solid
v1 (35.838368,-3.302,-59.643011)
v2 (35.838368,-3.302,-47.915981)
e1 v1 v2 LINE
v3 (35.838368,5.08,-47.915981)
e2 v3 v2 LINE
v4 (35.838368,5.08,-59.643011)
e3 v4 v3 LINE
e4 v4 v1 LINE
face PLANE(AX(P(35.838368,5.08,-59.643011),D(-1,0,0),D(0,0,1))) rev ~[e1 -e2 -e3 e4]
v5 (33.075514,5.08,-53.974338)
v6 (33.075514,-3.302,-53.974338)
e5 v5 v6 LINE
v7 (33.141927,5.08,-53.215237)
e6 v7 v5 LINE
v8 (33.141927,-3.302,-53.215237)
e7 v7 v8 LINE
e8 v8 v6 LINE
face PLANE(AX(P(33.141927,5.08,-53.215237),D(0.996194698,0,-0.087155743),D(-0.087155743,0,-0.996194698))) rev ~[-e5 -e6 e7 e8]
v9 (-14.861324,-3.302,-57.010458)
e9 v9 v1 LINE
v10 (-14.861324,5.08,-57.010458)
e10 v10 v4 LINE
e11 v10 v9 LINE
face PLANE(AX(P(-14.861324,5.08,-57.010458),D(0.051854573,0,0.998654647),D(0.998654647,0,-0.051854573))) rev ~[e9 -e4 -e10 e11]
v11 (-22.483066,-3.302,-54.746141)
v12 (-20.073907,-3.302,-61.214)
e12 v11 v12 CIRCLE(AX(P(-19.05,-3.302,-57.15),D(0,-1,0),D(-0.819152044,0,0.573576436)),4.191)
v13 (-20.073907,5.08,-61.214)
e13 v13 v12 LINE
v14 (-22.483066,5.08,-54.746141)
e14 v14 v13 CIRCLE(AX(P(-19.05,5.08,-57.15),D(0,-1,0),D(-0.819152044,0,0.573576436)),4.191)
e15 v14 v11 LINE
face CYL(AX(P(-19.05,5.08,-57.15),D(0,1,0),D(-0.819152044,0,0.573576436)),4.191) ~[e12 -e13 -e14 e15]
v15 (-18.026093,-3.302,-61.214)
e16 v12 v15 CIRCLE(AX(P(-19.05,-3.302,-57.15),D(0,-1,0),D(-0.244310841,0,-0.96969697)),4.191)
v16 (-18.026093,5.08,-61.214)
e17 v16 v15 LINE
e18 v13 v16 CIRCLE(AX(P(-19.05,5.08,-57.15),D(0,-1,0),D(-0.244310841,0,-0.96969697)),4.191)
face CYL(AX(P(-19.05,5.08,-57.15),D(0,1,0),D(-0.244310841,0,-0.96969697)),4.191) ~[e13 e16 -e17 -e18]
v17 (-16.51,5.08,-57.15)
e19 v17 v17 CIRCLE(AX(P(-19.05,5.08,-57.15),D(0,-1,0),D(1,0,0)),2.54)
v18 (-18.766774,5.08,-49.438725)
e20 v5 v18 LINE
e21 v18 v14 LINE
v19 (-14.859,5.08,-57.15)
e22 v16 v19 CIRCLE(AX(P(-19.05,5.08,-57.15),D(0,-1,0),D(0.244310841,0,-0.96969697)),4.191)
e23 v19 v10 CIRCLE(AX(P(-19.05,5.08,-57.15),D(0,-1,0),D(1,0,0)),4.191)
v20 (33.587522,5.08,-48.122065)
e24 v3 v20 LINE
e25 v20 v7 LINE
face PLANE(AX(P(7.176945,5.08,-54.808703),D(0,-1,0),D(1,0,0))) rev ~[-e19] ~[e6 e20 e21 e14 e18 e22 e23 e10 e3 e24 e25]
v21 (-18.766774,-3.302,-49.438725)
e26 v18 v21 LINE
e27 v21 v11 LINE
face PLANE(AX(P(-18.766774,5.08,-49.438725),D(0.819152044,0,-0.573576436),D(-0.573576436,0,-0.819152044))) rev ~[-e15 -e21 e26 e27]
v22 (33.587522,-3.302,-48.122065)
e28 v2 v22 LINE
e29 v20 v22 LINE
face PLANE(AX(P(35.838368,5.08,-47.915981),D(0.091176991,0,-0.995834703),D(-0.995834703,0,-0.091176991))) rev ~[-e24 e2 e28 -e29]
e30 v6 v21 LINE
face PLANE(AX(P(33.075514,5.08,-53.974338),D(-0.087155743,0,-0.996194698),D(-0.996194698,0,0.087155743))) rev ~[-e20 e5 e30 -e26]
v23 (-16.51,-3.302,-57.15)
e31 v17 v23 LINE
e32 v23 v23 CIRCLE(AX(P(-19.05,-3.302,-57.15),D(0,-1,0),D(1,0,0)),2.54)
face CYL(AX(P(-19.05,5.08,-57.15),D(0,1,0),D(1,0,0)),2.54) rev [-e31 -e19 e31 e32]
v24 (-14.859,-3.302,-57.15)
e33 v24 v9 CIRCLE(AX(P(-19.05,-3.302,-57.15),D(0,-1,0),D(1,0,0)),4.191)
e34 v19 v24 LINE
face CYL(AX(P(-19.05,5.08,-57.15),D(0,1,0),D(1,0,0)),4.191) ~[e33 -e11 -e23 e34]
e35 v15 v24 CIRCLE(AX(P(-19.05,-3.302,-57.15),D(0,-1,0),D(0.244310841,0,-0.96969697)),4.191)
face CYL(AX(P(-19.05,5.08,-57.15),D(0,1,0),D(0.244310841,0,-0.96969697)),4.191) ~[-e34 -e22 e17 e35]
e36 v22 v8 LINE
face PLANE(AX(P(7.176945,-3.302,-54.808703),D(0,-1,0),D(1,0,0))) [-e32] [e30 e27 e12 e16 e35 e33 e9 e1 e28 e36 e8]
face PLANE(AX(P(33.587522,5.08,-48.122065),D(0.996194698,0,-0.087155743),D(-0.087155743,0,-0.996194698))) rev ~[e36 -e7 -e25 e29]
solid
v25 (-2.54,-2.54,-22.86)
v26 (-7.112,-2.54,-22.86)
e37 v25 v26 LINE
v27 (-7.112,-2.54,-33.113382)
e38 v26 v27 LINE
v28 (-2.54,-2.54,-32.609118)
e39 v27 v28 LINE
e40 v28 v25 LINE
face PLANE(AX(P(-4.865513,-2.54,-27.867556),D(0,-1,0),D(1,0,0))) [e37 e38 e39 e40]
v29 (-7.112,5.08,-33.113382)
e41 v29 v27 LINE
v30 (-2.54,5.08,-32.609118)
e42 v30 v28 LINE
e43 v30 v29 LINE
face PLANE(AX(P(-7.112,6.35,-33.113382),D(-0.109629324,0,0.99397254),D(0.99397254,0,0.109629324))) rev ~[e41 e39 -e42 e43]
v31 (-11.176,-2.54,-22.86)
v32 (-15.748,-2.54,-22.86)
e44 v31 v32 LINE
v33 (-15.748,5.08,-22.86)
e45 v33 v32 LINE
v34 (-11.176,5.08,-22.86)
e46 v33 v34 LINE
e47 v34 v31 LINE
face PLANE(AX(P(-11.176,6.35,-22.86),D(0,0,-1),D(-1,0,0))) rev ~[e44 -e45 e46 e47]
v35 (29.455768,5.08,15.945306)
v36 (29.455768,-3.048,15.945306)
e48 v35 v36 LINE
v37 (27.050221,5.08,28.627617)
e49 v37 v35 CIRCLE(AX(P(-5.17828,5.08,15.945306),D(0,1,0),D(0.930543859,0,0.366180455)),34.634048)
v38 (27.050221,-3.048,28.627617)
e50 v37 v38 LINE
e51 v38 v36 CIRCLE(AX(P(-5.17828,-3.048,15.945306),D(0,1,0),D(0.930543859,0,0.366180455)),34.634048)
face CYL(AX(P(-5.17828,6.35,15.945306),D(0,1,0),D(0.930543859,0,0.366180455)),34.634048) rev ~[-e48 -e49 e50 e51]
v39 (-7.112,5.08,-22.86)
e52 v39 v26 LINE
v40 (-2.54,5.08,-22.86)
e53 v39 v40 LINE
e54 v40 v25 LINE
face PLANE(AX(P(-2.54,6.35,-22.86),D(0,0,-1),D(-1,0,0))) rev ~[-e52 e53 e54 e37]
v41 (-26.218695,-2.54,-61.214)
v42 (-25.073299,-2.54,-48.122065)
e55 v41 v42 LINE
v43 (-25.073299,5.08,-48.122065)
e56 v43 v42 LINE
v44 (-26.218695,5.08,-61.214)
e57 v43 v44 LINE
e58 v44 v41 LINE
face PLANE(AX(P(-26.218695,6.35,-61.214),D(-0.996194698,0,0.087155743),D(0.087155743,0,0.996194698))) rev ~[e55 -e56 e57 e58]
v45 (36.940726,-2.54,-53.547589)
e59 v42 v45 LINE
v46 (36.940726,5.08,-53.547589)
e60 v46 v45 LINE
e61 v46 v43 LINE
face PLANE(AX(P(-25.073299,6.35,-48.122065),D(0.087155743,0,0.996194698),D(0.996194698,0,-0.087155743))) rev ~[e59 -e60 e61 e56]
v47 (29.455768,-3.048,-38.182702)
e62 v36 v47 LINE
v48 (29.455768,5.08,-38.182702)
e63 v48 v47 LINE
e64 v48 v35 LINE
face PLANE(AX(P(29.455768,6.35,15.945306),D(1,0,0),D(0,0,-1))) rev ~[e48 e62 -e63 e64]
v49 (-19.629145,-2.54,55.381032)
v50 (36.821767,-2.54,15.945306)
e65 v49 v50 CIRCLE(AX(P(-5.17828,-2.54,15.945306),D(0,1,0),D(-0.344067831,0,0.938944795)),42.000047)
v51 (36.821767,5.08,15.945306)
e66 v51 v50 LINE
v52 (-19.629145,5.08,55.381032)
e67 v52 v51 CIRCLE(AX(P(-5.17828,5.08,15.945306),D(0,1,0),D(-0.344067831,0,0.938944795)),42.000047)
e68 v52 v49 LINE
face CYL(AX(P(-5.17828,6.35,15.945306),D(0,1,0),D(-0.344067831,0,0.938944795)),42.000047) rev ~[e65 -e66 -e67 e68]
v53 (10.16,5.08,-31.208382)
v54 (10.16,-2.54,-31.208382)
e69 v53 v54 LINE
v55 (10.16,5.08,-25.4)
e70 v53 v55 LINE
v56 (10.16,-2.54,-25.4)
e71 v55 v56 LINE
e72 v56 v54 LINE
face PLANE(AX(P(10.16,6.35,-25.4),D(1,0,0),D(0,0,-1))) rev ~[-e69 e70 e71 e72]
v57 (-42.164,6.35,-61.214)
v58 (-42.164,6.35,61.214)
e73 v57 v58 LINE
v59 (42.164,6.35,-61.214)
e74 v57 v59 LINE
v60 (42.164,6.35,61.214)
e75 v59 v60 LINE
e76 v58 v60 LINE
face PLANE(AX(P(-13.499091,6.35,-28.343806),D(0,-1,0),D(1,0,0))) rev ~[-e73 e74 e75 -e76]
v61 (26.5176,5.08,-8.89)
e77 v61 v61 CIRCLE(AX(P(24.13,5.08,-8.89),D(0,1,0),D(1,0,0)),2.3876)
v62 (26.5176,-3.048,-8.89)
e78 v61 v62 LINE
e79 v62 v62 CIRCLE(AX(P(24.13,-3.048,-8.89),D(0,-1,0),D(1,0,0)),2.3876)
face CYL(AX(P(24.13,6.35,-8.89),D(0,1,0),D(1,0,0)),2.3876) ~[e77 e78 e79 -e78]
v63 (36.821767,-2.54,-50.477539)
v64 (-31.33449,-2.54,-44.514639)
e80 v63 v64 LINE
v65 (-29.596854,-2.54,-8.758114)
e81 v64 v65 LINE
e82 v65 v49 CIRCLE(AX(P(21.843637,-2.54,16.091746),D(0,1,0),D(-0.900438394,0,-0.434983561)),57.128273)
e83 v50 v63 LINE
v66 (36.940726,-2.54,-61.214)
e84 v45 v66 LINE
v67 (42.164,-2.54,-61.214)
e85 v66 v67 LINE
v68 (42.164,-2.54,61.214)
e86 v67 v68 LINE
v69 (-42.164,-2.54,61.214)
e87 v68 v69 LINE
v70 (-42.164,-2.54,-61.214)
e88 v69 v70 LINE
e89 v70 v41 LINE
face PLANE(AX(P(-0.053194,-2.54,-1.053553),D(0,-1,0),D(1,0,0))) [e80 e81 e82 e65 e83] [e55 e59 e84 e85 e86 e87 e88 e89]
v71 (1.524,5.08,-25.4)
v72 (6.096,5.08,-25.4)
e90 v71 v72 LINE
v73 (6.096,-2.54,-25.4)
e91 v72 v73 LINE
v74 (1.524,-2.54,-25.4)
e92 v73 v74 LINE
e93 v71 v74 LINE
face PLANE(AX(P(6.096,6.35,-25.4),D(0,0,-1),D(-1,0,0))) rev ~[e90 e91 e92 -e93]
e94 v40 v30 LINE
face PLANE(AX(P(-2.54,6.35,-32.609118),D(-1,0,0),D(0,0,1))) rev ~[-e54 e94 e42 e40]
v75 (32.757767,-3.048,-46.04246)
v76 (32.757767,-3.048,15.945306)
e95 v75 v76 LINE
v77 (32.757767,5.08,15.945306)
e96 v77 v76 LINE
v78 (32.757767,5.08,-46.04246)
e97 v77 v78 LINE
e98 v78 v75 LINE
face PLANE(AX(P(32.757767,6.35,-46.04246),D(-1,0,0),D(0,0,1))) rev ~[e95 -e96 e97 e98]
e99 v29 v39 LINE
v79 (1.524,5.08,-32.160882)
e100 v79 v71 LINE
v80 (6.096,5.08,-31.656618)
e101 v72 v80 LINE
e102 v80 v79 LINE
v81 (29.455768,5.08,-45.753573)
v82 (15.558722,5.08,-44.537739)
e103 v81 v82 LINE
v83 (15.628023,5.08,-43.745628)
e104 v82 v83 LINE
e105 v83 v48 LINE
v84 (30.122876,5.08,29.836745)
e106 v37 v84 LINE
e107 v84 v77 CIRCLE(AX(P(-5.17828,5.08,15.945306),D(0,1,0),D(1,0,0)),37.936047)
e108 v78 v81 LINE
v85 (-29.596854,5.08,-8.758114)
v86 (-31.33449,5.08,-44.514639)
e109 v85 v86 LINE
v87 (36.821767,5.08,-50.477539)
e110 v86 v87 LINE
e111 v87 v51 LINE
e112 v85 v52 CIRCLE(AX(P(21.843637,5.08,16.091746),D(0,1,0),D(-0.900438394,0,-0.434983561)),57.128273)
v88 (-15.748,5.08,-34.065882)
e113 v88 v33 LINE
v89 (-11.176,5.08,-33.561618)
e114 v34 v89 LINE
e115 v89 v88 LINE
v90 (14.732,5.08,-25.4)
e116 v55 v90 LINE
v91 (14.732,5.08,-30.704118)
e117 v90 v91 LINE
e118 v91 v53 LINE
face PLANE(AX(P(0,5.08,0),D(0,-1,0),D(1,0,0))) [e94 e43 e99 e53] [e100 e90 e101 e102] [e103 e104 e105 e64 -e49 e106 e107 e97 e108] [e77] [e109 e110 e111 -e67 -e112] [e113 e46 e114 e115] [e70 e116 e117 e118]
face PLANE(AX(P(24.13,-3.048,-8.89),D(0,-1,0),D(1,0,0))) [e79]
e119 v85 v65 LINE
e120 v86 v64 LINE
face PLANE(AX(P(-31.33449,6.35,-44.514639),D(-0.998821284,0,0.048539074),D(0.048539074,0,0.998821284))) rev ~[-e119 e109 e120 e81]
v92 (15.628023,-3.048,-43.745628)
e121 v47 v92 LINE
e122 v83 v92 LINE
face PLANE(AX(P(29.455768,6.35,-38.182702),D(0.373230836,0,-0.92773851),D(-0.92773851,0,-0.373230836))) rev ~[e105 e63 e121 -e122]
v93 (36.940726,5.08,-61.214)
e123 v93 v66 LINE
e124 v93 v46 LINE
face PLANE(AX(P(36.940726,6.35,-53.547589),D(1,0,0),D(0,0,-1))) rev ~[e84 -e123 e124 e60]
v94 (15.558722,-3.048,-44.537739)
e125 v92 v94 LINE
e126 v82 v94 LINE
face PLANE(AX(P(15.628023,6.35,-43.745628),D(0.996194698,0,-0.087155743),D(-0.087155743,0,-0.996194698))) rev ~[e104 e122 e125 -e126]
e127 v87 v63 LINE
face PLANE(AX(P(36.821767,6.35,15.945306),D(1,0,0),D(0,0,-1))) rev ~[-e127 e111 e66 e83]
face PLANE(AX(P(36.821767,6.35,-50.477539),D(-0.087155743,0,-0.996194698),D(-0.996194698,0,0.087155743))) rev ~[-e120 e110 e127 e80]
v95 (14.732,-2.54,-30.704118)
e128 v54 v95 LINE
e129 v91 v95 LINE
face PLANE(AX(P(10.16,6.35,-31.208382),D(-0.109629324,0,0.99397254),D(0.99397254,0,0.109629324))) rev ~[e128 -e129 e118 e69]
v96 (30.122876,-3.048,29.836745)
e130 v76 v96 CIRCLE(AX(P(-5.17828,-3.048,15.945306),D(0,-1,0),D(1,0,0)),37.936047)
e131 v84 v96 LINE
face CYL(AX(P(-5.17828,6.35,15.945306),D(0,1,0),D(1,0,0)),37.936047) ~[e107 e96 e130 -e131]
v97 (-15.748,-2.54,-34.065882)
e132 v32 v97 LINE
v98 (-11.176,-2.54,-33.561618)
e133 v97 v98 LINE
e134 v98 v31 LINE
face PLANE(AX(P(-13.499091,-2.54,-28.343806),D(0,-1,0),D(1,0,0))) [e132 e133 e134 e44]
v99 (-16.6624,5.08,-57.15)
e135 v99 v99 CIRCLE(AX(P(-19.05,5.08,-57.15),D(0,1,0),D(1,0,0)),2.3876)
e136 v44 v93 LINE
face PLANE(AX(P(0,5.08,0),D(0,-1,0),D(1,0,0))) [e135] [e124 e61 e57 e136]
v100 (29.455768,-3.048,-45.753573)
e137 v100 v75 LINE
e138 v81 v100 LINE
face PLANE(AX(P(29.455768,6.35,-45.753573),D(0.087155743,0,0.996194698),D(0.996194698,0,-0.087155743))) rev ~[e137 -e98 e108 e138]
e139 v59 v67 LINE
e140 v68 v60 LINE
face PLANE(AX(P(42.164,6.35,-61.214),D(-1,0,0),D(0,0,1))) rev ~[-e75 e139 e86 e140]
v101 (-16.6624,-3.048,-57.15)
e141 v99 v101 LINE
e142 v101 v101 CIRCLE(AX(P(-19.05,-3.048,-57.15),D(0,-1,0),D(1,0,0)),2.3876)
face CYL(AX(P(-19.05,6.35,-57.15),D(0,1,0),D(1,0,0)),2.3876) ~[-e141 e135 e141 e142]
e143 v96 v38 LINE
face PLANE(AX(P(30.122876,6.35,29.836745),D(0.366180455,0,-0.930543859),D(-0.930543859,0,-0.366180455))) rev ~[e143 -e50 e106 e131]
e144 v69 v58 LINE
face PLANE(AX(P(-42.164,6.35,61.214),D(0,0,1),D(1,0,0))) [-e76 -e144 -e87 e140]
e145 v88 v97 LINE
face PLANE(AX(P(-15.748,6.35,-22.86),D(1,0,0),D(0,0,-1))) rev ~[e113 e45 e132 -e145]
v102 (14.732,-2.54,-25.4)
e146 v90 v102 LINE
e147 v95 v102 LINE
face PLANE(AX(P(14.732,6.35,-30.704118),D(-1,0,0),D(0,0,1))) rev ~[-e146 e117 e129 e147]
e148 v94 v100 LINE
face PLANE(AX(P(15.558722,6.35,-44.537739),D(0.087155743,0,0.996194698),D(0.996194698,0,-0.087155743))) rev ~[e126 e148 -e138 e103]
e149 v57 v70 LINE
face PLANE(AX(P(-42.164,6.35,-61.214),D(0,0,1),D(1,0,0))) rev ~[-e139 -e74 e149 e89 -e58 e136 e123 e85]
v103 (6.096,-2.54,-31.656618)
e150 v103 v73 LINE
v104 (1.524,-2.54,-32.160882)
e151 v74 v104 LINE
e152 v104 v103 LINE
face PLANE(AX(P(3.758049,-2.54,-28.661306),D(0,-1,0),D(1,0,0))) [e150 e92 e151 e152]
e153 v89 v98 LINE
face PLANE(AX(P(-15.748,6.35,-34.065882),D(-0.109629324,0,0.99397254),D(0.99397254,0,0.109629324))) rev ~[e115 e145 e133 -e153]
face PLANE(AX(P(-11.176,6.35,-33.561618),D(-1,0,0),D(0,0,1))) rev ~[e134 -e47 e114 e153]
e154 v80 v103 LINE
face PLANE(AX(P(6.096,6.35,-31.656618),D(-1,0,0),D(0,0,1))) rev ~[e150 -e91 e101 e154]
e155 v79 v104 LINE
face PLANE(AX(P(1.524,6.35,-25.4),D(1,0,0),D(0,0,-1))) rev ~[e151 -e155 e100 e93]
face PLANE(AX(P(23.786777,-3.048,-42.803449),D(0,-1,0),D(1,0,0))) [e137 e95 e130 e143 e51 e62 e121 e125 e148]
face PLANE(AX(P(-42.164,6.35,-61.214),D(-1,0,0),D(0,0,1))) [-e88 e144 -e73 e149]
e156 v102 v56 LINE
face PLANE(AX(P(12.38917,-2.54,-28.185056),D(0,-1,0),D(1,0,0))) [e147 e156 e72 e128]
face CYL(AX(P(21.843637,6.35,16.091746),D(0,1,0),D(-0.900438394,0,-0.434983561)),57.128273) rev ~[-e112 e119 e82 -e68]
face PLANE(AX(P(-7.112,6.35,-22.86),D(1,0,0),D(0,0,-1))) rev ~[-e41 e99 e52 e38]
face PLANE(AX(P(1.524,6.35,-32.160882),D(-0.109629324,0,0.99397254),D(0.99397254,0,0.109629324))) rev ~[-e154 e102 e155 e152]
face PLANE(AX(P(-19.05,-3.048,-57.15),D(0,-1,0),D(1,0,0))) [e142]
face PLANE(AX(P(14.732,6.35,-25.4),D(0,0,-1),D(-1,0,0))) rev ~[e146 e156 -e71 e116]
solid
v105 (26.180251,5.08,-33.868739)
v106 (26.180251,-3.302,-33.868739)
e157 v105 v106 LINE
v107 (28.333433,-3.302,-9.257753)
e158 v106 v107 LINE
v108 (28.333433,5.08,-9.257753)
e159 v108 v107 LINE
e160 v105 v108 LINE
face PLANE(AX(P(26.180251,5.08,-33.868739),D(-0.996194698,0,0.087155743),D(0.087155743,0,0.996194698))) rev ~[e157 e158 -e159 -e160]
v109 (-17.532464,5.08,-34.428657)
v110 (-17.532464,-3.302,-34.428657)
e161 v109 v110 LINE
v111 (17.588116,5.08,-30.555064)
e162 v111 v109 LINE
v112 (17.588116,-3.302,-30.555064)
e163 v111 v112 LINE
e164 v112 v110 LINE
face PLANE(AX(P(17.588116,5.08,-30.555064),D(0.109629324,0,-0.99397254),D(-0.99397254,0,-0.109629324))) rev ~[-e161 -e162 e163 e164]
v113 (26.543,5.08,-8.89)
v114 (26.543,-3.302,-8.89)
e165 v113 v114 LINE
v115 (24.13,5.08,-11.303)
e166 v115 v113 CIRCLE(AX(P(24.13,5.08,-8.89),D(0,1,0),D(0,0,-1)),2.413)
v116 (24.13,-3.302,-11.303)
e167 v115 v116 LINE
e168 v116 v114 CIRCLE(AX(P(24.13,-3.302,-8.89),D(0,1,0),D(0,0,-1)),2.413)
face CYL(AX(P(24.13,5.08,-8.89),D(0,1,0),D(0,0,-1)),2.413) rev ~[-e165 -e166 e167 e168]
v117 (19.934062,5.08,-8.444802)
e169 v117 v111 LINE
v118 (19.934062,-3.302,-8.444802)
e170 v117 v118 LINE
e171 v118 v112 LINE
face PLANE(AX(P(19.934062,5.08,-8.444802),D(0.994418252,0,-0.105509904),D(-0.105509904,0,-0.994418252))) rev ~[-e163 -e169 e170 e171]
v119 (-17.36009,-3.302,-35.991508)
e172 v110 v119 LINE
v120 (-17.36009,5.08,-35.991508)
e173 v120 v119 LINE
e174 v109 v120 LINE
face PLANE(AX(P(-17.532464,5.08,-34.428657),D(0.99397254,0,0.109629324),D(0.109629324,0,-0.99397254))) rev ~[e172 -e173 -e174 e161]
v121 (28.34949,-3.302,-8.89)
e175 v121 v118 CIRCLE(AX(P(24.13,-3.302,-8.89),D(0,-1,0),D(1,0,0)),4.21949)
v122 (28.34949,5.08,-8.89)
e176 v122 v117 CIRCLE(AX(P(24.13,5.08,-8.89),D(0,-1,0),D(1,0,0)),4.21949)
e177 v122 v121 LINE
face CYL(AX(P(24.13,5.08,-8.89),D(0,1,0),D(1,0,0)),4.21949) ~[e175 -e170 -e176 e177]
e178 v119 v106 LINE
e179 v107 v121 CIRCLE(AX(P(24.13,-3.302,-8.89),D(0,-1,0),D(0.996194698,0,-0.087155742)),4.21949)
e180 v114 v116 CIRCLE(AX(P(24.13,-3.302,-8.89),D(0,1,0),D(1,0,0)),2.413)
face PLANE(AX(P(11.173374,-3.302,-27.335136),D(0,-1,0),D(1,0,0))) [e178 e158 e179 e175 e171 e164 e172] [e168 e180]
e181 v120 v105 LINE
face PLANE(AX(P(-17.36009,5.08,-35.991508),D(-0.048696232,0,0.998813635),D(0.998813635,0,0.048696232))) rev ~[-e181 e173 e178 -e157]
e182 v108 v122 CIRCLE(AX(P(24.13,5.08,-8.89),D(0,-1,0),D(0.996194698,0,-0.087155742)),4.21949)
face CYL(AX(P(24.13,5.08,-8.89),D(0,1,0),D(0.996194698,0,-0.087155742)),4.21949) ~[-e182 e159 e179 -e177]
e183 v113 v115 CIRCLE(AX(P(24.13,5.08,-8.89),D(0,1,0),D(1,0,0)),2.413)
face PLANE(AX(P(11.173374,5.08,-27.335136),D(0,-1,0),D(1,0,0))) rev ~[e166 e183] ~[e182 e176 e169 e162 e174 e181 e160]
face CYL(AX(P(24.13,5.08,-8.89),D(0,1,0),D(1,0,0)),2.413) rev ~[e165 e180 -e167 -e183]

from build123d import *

# Parameters (mm, degrees)
F2_W      = 84.328
F2_H      = 122.428
F3_DEPTH  = 1.27
F5_DEPTH  = 8.89
F6_R      = 2.3876
F7_DEPTH  = 9.398
F9_DEPTH  = 8.89
F11_DEPTH = 8.382
F12_R     = 2.54
F13_DEPTH = 8.382


with BuildPart() as f3:
    # F2 (on offset) → F3 (new body)
    with BuildSketch(Plane.XZ.offset(-6.35)):
        Rectangle(F2_W, F2_H)
    extrude(amount=F3_DEPTH)

    # F4 (on offset) → F5 (join)
    with BuildSketch(Plane.XZ.offset(-6.35)):
        Polygon((42.164, -61.214), (42.164, 61.214), (-42.164, 61.214), (-42.164, -61.214), (-26.2186949899, -61.214), (-25.073299104, -48.1220651165), (36.9407255852, -53.5475892565), (36.9407255852, -61.214), align=None)
        with BuildLine():
            ThreePointArc((-19.6291451355, 55.3810316706), (18.8744427286, 50.3759680711), (36.8217671163, 15.9453060478))
            Line((36.8217671163, 15.9453060478), (36.8217671163, -50.4775388742))
            Line((36.8217671163, -50.4775388742), (-31.3344904241, -44.514638991))
            Line((-31.3344904241, -44.514638991), (-29.5968536021, -8.758113657))
            ThreePointArc((-29.5968536021, -8.758113657), (-34.6070188833, 24.864605255), (-19.6291451355, 55.3810316706))
        make_face(mode=Mode.SUBTRACT)
    extrude(amount=F5_DEPTH)

    # F6 (on offset) → F7 (join)
    with BuildSketch(Plane.XZ.offset(-6.35)):
        Polygon((15.5587220069, -44.5377389431), (29.4557679445, -45.7535729192), (29.4557679445, -38.1827019155), (15.6280227207, -43.745628159), align=None)
        with BuildLine():
            Line((32.7577671163, -46.0424604137), (32.7577671163, 15.9453060478))
            ThreePointArc((32.7577671163, 15.9453060478), (32.0932237014, 23.014866335), (30.1228756901, 29.8367450586))
            Line((30.1228756901, 29.8367450586), (27.0502206373, 28.6276174982))
            ThreePointArc((27.0502206373, 28.6276174982), (28.8490671877, 22.3995233042), (29.4557679445, 15.9453060478))
            Line((29.4557679445, 15.9453060478), (29.4557679445, -38.1827019155))
            Line((29.4557679445, -38.1827019155), (29.4557679445, -45.7535729192))
            Line((29.4557679445, -45.7535729192), (32.7577671163, -46.0424604137))
        make_face()
        with Locations((24.13, -8.89)):
            Circle(F6_R)
        with Locations((-19.05, -57.15)):
            Circle(F6_R)
    extrude(amount=F7_DEPTH)

    # F8 (on offset) → F9 (join)
    with BuildSketch(Plane.XZ.offset(-6.35)):
        Polygon((-15.748, -33.02), (-15.748, -34.0658823529), (-11.176, -33.5616176471), (-11.176, -22.86), (-15.748, -22.86), align=None)
        Polygon((-2.54, -22.86), (-7.112, -22.86), (-7.112, -33.1133823529), (-2.54, -32.6091176471), align=None)
        Polygon((6.096, -25.4), (1.524, -25.4), (1.524, -32.1608823529), (6.096, -31.6566176471), align=None)
        Polygon((10.16, -31.2083823529), (14.732000418, -30.704117601), (14.732000418, -25.4), (10.16, -25.4), align=None)
    extrude(amount=F9_DEPTH)


with BuildPart() as f11:
    # F10 (on face) → F11 (new body)
    with BuildSketch(Plane.XZ.offset(-5.08)):
        with BuildLine():
            ThreePointArc((28.3334333918, -9.2577527697), (26.9806460066, -12.0009342205), (24.13, -13.1094898245))
            ThreePointArc((24.13, -13.1094898245), (20.992915154, -11.7118421373), (19.9340623038, -8.444802035))
            Line((19.9340623038, -8.444802035), (17.5881162286, -30.5550638586))
            Line((17.5881162286, -30.5550638586), (-17.5324635623, -34.4286572179))
            Line((-17.5324635623, -34.4286572179), (-17.3600902965, -35.9915081612))
            Line((-17.3600902965, -35.9915081612), (26.1802510808, -33.8687392022))
            Line((26.1802510808, -33.8687392022), (28.3334333918, -9.2577527697))
        make_face()
        with BuildLine():
            ThreePointArc((19.9340623038, -8.444802035), (20.992915154, -11.7118421373), (24.13, -13.1094898245))
            ThreePointArc((24.13, -13.1094898245), (26.9806460066, -12.0009342205), (28.3334333918, -9.2577527697))
            ThreePointArc((28.3334333918, -9.2577527697), (28.3454738051, -9.0740515611), (28.3494898245, -8.89))
            ThreePointArc((28.3494898245, -8.89), (24.3529102571, -4.6764023215), (19.9340623038, -8.444802035))
        make_face()
        with BuildLine():
            ThreePointArc((24.13, -11.303), (22.423751337, -7.183751337), (26.543, -8.89))
            ThreePointArc((26.543, -8.89), (25.836248663, -10.596248663), (24.13, -11.303))
        make_face(mode=Mode.SUBTRACT)
    extrude(amount=F11_DEPTH)


with BuildPart() as f13:
    # F12 (on face) → F13 (new body)
    with BuildSketch(Plane.XZ.offset(-5.08)):
        with BuildLine():
            ThreePointArc((-22.4830662176, -54.7461411553), (-17.8564675206, -53.132542941), (-14.861323701, -57.0104583862))
            Line((-14.861323701, -57.0104583862), (35.8383679064, -59.6430109843))
            Line((35.8383679064, -59.6430109843), (35.8383679064, -53.4511454564))
            Line((35.8383679064, -53.4511454564), (33.141926992, -53.2152374445))
            Line((33.141926992, -53.2152374445), (33.0755143161, -53.9743378045))
            Line((33.0755143161, -53.9743378045), (-18.7667736394, -49.4387253171))
            Line((-18.7667736394, -49.4387253171), (-22.4830662176, -54.7461411553))
        make_face()
        Polygon((33.141926992, -53.2152374445), (35.8383679064, -53.4511454564), (35.8383679064, -47.9159813442), (33.5875218321, -48.1220651165), align=None)
        with BuildLine():
            ThreePointArc((-18.026093266, -61.214), (-15.744272083, -59.7261684609), (-14.859, -57.15))
            ThreePointArc((-14.859, -57.15), (-14.8595809655, -57.08021952), (-14.861323701, -57.0104583862))
            ThreePointArc((-14.861323701, -57.0104583862), (-17.8564675206, -53.132542941), (-22.4830662176, -54.7461411553))
            ThreePointArc((-22.4830662176, -54.7461411553), (-22.9773975457, -58.6128839729), (-20.073906734, -61.214))
            Line((-20.073906734, -61.214), (-18.026093266, -61.214))
        make_face()
        with Locations((-19.05, -57.15)):
            Circle(F12_R, mode=Mode.SUBTRACT)
        with BuildLine():
            ThreePointArc((-20.073906734, -61.214), (-19.05, -61.341), (-18.026093266, -61.214))
            Line((-18.026093266, -61.214), (-20.073906734, -61.214))
        make_face()
    extrude(amount=F13_DEPTH)


solid = Compound([f3.part, f11.part, f13.part])
